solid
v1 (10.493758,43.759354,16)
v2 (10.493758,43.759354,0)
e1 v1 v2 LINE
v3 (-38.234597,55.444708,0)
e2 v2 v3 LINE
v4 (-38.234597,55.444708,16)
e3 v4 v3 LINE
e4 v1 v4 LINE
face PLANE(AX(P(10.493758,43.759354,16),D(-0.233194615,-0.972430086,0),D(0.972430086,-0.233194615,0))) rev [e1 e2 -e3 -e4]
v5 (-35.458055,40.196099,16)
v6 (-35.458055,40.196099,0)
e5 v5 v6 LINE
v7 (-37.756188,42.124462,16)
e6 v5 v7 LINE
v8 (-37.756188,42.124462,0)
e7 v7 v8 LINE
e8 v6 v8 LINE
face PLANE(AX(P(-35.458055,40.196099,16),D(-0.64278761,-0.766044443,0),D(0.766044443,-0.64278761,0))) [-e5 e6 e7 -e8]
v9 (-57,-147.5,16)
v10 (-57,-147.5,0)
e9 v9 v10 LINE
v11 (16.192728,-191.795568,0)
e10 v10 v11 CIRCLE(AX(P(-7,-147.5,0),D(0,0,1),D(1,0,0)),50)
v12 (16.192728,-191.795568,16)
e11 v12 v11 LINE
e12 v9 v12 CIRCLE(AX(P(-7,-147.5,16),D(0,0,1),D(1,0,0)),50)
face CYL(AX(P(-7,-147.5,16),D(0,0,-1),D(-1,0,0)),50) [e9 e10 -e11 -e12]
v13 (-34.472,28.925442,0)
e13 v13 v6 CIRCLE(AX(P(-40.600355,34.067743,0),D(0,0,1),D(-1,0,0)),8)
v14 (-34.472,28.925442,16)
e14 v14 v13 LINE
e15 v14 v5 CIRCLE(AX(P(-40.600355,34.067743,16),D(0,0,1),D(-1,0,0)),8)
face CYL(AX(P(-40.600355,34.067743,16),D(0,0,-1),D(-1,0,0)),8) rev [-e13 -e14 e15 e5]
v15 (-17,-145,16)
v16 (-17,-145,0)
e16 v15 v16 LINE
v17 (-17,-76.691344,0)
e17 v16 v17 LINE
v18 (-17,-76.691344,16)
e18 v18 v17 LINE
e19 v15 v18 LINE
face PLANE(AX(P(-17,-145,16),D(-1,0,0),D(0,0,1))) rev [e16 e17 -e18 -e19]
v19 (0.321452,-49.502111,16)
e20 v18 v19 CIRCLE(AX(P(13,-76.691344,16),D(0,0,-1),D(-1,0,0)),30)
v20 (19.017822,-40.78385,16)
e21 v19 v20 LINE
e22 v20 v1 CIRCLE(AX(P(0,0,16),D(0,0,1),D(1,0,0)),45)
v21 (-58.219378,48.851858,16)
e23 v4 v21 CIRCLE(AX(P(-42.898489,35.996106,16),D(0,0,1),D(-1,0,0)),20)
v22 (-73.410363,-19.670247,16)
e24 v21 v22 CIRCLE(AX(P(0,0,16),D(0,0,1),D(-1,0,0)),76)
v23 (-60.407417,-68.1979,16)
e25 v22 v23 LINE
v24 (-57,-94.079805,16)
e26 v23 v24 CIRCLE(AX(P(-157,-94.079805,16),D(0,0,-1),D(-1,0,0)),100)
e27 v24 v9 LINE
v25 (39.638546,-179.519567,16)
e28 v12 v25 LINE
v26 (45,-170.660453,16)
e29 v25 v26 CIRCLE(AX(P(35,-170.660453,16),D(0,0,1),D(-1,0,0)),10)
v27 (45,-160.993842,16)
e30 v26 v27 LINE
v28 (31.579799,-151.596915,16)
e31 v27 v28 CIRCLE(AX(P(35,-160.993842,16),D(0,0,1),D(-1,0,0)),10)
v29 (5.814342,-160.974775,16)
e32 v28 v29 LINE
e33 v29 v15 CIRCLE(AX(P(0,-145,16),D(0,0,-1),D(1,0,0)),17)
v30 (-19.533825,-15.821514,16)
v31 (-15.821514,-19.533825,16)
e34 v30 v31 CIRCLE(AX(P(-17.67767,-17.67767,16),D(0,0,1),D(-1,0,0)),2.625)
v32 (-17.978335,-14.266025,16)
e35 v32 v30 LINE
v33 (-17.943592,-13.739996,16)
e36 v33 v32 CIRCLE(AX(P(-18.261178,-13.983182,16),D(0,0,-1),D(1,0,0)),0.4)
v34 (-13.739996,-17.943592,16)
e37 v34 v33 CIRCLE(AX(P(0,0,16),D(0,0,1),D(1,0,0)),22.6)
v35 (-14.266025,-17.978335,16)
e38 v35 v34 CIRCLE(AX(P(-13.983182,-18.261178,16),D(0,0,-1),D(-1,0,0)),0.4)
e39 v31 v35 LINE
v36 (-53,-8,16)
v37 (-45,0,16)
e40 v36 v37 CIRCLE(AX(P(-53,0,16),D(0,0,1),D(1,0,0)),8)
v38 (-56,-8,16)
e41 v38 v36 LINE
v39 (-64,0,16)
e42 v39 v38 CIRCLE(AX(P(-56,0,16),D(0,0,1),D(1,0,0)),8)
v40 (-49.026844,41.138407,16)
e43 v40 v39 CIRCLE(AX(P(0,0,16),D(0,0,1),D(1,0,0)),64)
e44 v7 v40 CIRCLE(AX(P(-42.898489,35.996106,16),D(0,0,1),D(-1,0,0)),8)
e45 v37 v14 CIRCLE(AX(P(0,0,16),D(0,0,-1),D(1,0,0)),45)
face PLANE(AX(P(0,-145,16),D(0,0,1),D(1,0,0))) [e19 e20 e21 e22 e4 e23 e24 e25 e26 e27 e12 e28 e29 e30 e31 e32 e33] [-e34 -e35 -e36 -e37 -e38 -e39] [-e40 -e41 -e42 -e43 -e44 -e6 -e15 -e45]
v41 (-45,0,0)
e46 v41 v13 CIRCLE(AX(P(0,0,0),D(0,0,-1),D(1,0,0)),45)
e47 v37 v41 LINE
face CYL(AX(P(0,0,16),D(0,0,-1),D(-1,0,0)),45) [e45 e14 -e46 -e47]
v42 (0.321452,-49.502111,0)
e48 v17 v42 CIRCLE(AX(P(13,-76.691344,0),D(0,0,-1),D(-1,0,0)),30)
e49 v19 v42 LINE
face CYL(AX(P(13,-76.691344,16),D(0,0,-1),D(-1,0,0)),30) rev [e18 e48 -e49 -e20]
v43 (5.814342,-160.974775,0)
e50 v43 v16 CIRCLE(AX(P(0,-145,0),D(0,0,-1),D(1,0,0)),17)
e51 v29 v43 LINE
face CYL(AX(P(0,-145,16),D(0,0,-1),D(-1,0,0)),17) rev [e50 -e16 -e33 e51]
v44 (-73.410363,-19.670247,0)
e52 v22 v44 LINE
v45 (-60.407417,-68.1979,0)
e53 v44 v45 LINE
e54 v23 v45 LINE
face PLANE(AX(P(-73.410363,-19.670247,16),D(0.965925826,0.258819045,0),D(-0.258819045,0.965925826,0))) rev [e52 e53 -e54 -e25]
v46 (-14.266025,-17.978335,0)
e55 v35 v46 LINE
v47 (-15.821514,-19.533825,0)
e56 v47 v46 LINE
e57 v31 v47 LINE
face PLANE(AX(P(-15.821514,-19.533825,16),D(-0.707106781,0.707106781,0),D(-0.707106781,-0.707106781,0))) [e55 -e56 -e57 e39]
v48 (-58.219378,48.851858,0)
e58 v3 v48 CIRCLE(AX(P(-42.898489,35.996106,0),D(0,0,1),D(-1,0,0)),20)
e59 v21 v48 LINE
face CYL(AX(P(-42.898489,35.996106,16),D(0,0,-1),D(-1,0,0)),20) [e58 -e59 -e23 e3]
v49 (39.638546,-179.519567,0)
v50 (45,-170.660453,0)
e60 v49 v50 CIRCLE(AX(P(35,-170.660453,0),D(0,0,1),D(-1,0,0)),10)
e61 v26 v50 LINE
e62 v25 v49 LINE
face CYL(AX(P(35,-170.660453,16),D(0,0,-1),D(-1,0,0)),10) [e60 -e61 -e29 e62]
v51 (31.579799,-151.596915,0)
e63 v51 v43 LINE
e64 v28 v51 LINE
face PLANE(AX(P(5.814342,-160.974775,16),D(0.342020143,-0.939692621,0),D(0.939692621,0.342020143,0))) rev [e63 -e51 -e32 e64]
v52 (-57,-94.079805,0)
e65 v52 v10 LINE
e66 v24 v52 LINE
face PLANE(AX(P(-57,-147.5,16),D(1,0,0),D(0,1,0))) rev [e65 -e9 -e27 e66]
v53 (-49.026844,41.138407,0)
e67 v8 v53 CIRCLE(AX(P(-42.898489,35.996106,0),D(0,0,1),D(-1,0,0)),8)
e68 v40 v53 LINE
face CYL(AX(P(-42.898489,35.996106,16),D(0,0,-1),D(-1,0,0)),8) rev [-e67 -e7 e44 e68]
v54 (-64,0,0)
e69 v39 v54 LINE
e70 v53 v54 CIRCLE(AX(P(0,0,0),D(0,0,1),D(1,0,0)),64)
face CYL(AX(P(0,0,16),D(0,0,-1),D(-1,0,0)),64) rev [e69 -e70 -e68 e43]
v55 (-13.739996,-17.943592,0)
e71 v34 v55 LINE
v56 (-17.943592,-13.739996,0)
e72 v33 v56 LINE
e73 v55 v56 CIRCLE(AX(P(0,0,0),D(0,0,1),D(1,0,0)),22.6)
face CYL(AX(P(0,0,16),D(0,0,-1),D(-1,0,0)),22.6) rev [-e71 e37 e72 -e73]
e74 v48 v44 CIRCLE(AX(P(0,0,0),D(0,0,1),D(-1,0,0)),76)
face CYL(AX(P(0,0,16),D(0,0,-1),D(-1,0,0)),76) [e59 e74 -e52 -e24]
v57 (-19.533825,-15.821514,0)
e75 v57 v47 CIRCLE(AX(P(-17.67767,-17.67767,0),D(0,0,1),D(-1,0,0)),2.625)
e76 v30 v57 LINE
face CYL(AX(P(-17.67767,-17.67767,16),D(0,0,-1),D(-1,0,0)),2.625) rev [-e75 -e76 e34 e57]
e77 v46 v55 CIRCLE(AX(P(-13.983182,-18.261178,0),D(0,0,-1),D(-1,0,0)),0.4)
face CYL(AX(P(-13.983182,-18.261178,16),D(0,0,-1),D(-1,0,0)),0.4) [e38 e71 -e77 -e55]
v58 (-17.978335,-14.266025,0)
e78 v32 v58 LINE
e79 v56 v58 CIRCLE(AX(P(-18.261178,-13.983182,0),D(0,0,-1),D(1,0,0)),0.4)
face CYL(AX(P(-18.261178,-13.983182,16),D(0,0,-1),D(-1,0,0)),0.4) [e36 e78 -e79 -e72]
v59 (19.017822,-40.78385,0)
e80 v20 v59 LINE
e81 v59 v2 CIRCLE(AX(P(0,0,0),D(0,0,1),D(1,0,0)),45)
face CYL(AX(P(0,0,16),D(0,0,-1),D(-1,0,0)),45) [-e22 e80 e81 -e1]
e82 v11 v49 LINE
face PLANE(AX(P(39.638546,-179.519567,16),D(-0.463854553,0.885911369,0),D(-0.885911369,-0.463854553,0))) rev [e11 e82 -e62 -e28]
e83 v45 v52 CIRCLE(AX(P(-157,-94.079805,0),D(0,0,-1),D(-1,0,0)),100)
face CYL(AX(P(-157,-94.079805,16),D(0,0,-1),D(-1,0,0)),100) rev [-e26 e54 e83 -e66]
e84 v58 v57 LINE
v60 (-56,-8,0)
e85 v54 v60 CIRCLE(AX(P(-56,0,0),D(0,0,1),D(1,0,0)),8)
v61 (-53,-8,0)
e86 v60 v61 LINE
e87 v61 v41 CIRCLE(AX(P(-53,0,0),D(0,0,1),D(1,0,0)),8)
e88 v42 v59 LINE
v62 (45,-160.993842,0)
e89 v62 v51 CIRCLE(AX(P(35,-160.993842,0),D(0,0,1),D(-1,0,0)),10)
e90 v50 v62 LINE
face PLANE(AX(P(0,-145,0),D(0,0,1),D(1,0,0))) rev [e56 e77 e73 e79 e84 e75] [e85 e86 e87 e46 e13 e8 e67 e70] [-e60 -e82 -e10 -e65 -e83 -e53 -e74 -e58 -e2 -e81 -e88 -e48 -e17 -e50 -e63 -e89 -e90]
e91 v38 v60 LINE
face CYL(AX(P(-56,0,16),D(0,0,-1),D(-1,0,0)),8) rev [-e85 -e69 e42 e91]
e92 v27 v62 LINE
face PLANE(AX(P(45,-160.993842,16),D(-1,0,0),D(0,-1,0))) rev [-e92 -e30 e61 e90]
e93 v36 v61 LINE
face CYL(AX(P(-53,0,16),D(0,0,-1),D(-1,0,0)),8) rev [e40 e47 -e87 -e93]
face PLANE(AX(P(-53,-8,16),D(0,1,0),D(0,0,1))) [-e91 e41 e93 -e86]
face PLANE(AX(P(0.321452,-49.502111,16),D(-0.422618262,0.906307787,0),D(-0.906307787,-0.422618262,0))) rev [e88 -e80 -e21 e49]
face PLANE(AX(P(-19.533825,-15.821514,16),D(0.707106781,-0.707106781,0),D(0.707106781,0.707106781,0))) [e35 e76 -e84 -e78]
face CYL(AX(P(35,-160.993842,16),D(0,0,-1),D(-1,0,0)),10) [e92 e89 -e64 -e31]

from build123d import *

# Parameters (mm, degrees)
BASE_EXTRUDE_DEPTH = 16


with BuildPart() as part:
    # Sketch1 → Base-Extrude (new body)
    with BuildSketch(Plane.XY):
        with BuildLine():
            Line((5.814342437, -160.974774553), (31.579798567, -151.59691545))
            ThreePointArc((31.579798567, -151.59691545), (40.735764364, -152.802321215), (45, -160.993841658))
            Line((45, -160.993841658), (45, -170.660453173))
            ThreePointArc((45, -170.660453173), (43.555274843, -175.838027157), (39.638545529, -179.519566863))
            Line((39.638545529, -179.519566863), (16.192727646, -191.79556845))
            ThreePointArc((16.192727646, -191.79556845), (-32.887869917, -190.276374217), (-57, -147.5))
            Line((-57, -147.5), (-57, -94.079804919))
            ThreePointArc((-57, -94.079804919), (-57.855513863, -81.027185697), (-60.407417371, -68.197900409))
            Line((-60.407417371, -68.197900409), (-73.410362798, -19.670247428))
            ThreePointArc((-73.410362798, -19.670247428), (-74.198496541, 16.449410659), (-58.219377677, 48.851858336))
            ThreePointArc((-58.219377677, 48.851858336), (-49.164213844, 54.989280966), (-38.234596516, 55.444707856))
            Line((-38.234596516, 55.444707856), (10.493757672, 43.759353856))
            ThreePointArc((10.493757672, 43.759353856), (44.773001659, 4.514235528), (19.017821778, -40.783850417))
            Line((19.017821778, -40.783850417), (0.321452148, -49.502110755))
            ThreePointArc((0.321452148, -49.502110755), (-12.301743374, -60.572356116), (-17, -76.691344366))
            Line((-17, -76.691344366), (-17, -145))
            ThreePointArc((-17, -145), (-9.750799418, -158.925584753), (5.814342437, -160.974774553))
        make_face()
        with BuildLine():
            Line((-15.821514229, -19.53382483), (-14.266024685, -17.978335287))
            ThreePointArc((-14.266024685, -17.978335287), (-14.009543632, -17.862047616), (-13.739996199, -17.943592295))
            ThreePointArc((-13.739996199, -17.943592295), (15.980613255, 15.980613255), (-17.943592295, -13.739996199))
            ThreePointArc((-17.943592295, -13.739996199), (-17.862047616, -14.009543632), (-17.978335287, -14.266024685))
            Line((-17.978335287, -14.266024685), (-19.53382483, -15.821514229))
            ThreePointArc((-19.53382483, -15.821514229), (-19.53382483, -19.53382483), (-15.821514229, -19.53382483))
        make_face(mode=Mode.SUBTRACT)
        with BuildLine():
            Line((-53, -8), (-56, -8))
            ThreePointArc((-56, -8), (-61.656854249, -5.656854249), (-64, 0))
            ThreePointArc((-64, 0), (-60.14032773, 21.889289173), (-49.02684436, 41.13840702))
            ThreePointArc((-49.02684436, 41.13840702), (-43.595734757, 43.965663727), (-37.756187937, 42.124461687))
            Line((-37.756187937, 42.124461687), (-35.458054608, 40.196098858))
            ThreePointArc((-35.458054608, 40.196098858), (-32.630797901, 34.764989255), (-34.47199994, 28.925442436))
            ThreePointArc((-34.47199994, 28.925442436), (-42.286167935, 15.39090645), (-45, 0))
            ThreePointArc((-45, 0), (-47.343145751, -5.656854249), (-53, -8))
        make_face(mode=Mode.SUBTRACT)
    extrude(amount=BASE_EXTRUDE_DEPTH)


solid = part.part
